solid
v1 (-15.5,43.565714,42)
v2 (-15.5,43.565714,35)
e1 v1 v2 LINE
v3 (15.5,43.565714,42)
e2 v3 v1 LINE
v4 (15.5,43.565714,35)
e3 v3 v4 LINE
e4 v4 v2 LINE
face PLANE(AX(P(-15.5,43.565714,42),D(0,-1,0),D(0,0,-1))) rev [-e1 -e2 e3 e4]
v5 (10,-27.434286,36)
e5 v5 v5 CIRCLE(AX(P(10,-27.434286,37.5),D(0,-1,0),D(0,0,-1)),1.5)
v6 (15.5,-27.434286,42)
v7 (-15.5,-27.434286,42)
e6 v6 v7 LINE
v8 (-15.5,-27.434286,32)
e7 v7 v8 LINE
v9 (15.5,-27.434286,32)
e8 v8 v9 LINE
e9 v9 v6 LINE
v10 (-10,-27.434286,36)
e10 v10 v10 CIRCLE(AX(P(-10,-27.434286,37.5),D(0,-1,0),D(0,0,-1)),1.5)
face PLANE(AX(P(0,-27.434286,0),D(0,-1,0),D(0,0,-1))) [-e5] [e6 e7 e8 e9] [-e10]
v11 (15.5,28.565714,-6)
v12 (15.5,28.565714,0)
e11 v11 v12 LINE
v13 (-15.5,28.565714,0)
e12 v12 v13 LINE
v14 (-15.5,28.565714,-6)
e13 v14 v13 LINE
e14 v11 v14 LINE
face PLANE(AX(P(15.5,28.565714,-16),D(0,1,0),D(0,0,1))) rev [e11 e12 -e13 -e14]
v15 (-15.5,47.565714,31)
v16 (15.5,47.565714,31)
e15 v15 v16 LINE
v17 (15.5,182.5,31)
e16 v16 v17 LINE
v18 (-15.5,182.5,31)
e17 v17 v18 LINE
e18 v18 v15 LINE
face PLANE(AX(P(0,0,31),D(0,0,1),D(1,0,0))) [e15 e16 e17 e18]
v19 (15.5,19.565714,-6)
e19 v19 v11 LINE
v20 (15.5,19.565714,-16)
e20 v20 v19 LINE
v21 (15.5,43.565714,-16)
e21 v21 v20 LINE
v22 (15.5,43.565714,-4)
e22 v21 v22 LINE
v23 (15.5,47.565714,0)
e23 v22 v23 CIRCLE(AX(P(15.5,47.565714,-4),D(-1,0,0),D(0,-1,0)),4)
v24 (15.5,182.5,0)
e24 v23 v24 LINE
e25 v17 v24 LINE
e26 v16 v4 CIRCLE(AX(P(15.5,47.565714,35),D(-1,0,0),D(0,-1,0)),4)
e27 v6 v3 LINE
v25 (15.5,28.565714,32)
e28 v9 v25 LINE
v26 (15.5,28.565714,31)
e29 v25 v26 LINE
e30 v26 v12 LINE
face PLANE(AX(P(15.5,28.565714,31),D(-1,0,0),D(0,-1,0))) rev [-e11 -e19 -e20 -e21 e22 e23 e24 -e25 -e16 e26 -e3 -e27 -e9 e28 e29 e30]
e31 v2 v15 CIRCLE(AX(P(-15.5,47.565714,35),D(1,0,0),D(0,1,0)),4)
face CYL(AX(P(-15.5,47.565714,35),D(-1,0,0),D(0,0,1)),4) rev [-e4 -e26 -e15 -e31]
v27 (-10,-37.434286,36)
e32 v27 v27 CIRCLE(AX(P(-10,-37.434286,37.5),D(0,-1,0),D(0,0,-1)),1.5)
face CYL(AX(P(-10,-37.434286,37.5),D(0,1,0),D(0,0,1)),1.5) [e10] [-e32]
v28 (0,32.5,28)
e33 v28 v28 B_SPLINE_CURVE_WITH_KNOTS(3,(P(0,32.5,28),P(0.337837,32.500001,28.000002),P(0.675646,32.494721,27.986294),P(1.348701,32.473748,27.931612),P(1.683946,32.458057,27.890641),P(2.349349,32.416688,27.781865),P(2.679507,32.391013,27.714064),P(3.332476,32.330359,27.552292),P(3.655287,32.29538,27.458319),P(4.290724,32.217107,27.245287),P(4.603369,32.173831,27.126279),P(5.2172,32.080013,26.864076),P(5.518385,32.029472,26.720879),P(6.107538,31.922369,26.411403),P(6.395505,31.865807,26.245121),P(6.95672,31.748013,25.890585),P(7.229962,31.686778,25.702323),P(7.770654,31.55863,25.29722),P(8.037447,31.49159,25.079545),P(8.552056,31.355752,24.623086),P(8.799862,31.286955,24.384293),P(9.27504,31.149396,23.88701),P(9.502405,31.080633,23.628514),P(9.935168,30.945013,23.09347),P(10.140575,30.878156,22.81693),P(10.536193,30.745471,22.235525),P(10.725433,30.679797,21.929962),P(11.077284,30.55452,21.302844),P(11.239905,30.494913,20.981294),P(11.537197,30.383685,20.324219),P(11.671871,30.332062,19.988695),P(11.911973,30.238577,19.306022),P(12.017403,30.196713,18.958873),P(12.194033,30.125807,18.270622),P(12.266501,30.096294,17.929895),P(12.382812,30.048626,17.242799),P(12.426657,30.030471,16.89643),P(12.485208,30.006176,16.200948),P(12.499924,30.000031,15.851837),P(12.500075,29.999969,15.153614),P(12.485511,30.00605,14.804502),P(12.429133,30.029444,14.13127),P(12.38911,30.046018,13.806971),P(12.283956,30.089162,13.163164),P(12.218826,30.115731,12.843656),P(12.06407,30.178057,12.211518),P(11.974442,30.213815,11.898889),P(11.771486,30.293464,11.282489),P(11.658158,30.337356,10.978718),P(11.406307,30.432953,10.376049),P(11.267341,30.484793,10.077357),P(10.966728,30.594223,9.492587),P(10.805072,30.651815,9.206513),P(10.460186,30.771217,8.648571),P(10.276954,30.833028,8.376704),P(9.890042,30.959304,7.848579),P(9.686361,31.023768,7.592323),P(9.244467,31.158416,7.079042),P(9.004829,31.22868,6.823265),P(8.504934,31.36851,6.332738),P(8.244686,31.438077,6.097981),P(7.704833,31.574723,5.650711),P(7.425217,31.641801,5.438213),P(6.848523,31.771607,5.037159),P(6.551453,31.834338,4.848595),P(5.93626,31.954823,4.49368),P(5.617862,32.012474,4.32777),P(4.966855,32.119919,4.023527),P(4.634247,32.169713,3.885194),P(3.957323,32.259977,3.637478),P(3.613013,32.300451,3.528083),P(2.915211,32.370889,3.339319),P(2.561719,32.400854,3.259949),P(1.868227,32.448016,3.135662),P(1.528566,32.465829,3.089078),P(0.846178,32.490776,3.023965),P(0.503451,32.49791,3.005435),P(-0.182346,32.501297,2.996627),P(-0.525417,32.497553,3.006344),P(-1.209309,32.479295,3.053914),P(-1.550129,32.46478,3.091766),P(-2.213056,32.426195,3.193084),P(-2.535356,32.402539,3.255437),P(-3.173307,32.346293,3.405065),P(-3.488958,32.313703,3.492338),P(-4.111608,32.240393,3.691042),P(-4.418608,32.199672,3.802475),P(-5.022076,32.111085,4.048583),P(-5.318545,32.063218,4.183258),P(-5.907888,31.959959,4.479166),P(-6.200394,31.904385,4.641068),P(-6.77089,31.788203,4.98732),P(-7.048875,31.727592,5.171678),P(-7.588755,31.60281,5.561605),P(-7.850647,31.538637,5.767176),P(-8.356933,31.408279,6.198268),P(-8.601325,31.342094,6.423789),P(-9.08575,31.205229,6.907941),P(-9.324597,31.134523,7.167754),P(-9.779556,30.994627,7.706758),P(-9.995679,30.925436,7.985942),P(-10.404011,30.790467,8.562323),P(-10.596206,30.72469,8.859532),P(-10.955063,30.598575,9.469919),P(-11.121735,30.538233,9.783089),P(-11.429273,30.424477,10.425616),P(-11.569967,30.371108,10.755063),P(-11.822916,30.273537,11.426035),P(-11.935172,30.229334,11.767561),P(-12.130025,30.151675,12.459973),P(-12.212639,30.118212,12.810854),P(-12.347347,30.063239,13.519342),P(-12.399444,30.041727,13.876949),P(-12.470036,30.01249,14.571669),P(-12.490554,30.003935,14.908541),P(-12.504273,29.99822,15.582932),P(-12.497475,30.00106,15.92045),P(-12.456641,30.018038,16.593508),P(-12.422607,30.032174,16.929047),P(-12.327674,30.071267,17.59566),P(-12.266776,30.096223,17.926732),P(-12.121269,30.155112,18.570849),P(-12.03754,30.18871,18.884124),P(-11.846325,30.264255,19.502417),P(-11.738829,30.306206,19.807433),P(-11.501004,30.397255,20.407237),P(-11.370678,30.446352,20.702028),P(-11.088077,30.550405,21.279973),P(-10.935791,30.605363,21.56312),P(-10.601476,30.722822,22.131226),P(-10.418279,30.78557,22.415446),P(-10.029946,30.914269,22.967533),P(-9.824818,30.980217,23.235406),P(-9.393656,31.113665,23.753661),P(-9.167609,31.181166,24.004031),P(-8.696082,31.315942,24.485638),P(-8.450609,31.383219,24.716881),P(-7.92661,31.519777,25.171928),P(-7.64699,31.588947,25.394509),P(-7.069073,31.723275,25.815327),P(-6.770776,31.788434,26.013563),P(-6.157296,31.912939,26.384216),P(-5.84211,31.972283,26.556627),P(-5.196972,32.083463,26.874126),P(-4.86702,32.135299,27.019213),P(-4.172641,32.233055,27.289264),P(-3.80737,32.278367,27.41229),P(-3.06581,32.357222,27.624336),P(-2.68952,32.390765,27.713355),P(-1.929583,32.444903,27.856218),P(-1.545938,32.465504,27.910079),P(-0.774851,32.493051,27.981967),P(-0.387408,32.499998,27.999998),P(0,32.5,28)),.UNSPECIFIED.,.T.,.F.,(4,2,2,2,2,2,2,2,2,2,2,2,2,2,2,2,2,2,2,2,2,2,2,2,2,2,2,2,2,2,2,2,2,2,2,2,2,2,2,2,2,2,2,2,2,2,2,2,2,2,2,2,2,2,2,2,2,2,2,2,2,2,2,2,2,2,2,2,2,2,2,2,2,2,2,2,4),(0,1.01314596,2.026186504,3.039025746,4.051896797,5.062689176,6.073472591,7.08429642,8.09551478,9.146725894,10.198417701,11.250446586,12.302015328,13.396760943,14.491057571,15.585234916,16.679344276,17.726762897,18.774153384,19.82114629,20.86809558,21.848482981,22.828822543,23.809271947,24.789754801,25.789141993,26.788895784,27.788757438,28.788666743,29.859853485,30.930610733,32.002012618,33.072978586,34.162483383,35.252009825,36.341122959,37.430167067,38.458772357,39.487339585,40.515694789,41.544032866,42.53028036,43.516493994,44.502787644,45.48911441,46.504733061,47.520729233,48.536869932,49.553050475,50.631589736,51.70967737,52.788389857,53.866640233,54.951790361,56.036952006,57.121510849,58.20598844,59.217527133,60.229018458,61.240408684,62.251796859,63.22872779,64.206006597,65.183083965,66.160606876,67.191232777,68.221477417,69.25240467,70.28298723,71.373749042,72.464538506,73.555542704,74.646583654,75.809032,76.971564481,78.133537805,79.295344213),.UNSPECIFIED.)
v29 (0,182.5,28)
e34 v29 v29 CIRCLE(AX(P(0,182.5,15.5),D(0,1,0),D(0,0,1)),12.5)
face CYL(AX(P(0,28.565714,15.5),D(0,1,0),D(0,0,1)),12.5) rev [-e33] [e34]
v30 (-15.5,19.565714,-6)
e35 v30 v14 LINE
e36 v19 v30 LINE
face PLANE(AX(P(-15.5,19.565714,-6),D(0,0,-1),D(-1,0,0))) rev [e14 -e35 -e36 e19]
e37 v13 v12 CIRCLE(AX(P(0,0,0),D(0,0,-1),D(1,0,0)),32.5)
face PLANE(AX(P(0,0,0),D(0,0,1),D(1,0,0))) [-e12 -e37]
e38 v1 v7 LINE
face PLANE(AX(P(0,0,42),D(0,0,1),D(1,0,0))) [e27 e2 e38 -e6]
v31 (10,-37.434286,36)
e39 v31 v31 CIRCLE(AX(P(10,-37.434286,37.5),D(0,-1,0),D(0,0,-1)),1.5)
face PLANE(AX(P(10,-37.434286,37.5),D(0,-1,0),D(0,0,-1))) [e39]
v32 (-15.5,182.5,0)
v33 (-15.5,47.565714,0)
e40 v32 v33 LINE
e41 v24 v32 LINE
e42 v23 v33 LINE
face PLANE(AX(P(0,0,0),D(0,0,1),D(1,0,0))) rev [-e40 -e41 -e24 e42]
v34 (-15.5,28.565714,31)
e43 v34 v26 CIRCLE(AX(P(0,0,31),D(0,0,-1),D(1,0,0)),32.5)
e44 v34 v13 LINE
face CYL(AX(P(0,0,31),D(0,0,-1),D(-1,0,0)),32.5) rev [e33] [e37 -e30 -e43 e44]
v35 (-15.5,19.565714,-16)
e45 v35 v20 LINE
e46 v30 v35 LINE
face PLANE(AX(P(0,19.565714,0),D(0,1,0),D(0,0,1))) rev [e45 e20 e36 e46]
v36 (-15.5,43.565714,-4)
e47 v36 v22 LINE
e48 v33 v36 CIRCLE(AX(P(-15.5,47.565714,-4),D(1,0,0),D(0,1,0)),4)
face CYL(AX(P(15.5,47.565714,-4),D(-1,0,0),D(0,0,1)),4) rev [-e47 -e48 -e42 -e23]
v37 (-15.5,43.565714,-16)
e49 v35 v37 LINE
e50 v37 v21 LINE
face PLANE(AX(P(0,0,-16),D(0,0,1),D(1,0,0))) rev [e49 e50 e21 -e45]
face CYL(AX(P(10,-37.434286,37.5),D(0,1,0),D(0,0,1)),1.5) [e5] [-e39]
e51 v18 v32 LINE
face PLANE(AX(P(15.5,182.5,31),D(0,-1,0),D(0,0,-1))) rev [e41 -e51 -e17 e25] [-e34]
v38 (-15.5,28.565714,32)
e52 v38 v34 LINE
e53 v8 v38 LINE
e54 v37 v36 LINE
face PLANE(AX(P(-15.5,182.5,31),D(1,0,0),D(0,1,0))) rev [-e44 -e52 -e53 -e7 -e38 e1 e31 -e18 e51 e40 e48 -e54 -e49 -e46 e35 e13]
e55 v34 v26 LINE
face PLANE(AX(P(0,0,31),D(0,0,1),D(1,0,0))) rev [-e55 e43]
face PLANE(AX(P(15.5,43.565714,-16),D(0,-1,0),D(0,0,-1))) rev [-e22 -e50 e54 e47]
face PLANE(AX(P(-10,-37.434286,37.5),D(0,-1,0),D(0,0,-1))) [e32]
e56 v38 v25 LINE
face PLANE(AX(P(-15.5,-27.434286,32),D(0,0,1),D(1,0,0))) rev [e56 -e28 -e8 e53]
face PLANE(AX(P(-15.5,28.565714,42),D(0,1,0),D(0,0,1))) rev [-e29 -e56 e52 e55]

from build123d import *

# Parameters (mm, degrees)
BOSS_EXTRUDE1_DEPTH = 31
SKETCH3_R           = 12.5
CUT_EXTRUDE1_DEPTH  = 158.78787816
SKETCH4_W           = 31
SKETCH4_H           = 15
BOSS_EXTRUDE2_DEPTH = 11
SKETCH5_W           = 31
SKETCH5_H           = 10
BOSS_EXTRUDE3_DEPTH = 56
SKETCH6_R           = 1.5
BOSS_EXTRUDE4_DEPTH = 10
SKETCH7_W           = 31
SKETCH7_H           = 15
BOSS_EXTRUDE5_DEPTH = 16
SKETCH8_W           = 31
SKETCH8_H           = 10
BOSS_EXTRUDE6_DEPTH = 9
FILLET1_R           = 4


with BuildPart() as part:
    # Sketch1 → Boss-Extrude1 (new body)
    with BuildSketch(Plane.XY):
        with BuildLine():
            Line((-15.5, 182.5), (-15.5, 28.565713714))
            ThreePointArc((-15.5, 28.565713714), (0, 32.5), (15.5, 28.565713714))
            Line((15.5, 28.565713714), (15.5, 182.5))
            Line((15.5, 182.5), (-15.5, 182.5))
        make_face()
    extrude(amount=BOSS_EXTRUDE1_DEPTH)

    # Sketch3 → Cut-Extrude1 (cut, through all)
    with BuildSketch(Plane(origin=(0, 182.5, 0), x_dir=(1, 0, 0), z_dir=(0, 1, 0))):
        with Locations(Location((0, -15.5, 0), (0, 0, 270))):
            Circle(SKETCH3_R)
    extrude(amount=-CUT_EXTRUDE1_DEPTH, mode=Mode.SUBTRACT)

    # Sketch4 → Boss-Extrude2 (add)
    with BuildSketch(Plane.XY.offset(31)):
        with Locations((0, 36.065713714)):
            Rectangle(SKETCH4_W, SKETCH4_H)
    extrude(amount=BOSS_EXTRUDE2_DEPTH)

    # Sketch5 → Boss-Extrude3 (add)
    with BuildSketch(Plane.XZ.offset(-28.565713714)):
        with Locations((0, 37)):
            Rectangle(SKETCH5_W, SKETCH5_H)
    extrude(amount=BOSS_EXTRUDE3_DEPTH)

    # Sketch6 → Boss-Extrude4 (add)
    with BuildSketch(Plane.XZ.offset(27.434286286)):
        with Locations(Location((-10, 37.5, 0), (0, 0, 270))):
            Circle(SKETCH6_R)
        with Locations(Location((10, 37.5, 0), (0, 0, 270))):
            Circle(SKETCH6_R)
    extrude(amount=BOSS_EXTRUDE4_DEPTH)

    # Sketch7 → Boss-Extrude5 (add)
    with BuildSketch(Plane(origin=(0, 0, 0), x_dir=(-1, 0, 0), z_dir=(0, 0, -1))):
        with Locations((0, 36.065713714)):
            Rectangle(SKETCH7_W, SKETCH7_H)
    extrude(amount=BOSS_EXTRUDE5_DEPTH)

    # Sketch8 → Boss-Extrude6 (add)
    with BuildSketch(Plane.XZ.offset(-28.565713714)):
        with Locations((0, -11)):
            Rectangle(SKETCH8_W, SKETCH8_H)
    extrude(amount=BOSS_EXTRUDE6_DEPTH)

    # Fillet1
    fillet1_edges = [part.edges().sort_by_distance(p)[0] for p in [
        (0, 43.565713714, 31),
        (0, 43.565713714, 0),
    ]]
    fillet(fillet1_edges, radius=FILLET1_R)


solid = part.part
